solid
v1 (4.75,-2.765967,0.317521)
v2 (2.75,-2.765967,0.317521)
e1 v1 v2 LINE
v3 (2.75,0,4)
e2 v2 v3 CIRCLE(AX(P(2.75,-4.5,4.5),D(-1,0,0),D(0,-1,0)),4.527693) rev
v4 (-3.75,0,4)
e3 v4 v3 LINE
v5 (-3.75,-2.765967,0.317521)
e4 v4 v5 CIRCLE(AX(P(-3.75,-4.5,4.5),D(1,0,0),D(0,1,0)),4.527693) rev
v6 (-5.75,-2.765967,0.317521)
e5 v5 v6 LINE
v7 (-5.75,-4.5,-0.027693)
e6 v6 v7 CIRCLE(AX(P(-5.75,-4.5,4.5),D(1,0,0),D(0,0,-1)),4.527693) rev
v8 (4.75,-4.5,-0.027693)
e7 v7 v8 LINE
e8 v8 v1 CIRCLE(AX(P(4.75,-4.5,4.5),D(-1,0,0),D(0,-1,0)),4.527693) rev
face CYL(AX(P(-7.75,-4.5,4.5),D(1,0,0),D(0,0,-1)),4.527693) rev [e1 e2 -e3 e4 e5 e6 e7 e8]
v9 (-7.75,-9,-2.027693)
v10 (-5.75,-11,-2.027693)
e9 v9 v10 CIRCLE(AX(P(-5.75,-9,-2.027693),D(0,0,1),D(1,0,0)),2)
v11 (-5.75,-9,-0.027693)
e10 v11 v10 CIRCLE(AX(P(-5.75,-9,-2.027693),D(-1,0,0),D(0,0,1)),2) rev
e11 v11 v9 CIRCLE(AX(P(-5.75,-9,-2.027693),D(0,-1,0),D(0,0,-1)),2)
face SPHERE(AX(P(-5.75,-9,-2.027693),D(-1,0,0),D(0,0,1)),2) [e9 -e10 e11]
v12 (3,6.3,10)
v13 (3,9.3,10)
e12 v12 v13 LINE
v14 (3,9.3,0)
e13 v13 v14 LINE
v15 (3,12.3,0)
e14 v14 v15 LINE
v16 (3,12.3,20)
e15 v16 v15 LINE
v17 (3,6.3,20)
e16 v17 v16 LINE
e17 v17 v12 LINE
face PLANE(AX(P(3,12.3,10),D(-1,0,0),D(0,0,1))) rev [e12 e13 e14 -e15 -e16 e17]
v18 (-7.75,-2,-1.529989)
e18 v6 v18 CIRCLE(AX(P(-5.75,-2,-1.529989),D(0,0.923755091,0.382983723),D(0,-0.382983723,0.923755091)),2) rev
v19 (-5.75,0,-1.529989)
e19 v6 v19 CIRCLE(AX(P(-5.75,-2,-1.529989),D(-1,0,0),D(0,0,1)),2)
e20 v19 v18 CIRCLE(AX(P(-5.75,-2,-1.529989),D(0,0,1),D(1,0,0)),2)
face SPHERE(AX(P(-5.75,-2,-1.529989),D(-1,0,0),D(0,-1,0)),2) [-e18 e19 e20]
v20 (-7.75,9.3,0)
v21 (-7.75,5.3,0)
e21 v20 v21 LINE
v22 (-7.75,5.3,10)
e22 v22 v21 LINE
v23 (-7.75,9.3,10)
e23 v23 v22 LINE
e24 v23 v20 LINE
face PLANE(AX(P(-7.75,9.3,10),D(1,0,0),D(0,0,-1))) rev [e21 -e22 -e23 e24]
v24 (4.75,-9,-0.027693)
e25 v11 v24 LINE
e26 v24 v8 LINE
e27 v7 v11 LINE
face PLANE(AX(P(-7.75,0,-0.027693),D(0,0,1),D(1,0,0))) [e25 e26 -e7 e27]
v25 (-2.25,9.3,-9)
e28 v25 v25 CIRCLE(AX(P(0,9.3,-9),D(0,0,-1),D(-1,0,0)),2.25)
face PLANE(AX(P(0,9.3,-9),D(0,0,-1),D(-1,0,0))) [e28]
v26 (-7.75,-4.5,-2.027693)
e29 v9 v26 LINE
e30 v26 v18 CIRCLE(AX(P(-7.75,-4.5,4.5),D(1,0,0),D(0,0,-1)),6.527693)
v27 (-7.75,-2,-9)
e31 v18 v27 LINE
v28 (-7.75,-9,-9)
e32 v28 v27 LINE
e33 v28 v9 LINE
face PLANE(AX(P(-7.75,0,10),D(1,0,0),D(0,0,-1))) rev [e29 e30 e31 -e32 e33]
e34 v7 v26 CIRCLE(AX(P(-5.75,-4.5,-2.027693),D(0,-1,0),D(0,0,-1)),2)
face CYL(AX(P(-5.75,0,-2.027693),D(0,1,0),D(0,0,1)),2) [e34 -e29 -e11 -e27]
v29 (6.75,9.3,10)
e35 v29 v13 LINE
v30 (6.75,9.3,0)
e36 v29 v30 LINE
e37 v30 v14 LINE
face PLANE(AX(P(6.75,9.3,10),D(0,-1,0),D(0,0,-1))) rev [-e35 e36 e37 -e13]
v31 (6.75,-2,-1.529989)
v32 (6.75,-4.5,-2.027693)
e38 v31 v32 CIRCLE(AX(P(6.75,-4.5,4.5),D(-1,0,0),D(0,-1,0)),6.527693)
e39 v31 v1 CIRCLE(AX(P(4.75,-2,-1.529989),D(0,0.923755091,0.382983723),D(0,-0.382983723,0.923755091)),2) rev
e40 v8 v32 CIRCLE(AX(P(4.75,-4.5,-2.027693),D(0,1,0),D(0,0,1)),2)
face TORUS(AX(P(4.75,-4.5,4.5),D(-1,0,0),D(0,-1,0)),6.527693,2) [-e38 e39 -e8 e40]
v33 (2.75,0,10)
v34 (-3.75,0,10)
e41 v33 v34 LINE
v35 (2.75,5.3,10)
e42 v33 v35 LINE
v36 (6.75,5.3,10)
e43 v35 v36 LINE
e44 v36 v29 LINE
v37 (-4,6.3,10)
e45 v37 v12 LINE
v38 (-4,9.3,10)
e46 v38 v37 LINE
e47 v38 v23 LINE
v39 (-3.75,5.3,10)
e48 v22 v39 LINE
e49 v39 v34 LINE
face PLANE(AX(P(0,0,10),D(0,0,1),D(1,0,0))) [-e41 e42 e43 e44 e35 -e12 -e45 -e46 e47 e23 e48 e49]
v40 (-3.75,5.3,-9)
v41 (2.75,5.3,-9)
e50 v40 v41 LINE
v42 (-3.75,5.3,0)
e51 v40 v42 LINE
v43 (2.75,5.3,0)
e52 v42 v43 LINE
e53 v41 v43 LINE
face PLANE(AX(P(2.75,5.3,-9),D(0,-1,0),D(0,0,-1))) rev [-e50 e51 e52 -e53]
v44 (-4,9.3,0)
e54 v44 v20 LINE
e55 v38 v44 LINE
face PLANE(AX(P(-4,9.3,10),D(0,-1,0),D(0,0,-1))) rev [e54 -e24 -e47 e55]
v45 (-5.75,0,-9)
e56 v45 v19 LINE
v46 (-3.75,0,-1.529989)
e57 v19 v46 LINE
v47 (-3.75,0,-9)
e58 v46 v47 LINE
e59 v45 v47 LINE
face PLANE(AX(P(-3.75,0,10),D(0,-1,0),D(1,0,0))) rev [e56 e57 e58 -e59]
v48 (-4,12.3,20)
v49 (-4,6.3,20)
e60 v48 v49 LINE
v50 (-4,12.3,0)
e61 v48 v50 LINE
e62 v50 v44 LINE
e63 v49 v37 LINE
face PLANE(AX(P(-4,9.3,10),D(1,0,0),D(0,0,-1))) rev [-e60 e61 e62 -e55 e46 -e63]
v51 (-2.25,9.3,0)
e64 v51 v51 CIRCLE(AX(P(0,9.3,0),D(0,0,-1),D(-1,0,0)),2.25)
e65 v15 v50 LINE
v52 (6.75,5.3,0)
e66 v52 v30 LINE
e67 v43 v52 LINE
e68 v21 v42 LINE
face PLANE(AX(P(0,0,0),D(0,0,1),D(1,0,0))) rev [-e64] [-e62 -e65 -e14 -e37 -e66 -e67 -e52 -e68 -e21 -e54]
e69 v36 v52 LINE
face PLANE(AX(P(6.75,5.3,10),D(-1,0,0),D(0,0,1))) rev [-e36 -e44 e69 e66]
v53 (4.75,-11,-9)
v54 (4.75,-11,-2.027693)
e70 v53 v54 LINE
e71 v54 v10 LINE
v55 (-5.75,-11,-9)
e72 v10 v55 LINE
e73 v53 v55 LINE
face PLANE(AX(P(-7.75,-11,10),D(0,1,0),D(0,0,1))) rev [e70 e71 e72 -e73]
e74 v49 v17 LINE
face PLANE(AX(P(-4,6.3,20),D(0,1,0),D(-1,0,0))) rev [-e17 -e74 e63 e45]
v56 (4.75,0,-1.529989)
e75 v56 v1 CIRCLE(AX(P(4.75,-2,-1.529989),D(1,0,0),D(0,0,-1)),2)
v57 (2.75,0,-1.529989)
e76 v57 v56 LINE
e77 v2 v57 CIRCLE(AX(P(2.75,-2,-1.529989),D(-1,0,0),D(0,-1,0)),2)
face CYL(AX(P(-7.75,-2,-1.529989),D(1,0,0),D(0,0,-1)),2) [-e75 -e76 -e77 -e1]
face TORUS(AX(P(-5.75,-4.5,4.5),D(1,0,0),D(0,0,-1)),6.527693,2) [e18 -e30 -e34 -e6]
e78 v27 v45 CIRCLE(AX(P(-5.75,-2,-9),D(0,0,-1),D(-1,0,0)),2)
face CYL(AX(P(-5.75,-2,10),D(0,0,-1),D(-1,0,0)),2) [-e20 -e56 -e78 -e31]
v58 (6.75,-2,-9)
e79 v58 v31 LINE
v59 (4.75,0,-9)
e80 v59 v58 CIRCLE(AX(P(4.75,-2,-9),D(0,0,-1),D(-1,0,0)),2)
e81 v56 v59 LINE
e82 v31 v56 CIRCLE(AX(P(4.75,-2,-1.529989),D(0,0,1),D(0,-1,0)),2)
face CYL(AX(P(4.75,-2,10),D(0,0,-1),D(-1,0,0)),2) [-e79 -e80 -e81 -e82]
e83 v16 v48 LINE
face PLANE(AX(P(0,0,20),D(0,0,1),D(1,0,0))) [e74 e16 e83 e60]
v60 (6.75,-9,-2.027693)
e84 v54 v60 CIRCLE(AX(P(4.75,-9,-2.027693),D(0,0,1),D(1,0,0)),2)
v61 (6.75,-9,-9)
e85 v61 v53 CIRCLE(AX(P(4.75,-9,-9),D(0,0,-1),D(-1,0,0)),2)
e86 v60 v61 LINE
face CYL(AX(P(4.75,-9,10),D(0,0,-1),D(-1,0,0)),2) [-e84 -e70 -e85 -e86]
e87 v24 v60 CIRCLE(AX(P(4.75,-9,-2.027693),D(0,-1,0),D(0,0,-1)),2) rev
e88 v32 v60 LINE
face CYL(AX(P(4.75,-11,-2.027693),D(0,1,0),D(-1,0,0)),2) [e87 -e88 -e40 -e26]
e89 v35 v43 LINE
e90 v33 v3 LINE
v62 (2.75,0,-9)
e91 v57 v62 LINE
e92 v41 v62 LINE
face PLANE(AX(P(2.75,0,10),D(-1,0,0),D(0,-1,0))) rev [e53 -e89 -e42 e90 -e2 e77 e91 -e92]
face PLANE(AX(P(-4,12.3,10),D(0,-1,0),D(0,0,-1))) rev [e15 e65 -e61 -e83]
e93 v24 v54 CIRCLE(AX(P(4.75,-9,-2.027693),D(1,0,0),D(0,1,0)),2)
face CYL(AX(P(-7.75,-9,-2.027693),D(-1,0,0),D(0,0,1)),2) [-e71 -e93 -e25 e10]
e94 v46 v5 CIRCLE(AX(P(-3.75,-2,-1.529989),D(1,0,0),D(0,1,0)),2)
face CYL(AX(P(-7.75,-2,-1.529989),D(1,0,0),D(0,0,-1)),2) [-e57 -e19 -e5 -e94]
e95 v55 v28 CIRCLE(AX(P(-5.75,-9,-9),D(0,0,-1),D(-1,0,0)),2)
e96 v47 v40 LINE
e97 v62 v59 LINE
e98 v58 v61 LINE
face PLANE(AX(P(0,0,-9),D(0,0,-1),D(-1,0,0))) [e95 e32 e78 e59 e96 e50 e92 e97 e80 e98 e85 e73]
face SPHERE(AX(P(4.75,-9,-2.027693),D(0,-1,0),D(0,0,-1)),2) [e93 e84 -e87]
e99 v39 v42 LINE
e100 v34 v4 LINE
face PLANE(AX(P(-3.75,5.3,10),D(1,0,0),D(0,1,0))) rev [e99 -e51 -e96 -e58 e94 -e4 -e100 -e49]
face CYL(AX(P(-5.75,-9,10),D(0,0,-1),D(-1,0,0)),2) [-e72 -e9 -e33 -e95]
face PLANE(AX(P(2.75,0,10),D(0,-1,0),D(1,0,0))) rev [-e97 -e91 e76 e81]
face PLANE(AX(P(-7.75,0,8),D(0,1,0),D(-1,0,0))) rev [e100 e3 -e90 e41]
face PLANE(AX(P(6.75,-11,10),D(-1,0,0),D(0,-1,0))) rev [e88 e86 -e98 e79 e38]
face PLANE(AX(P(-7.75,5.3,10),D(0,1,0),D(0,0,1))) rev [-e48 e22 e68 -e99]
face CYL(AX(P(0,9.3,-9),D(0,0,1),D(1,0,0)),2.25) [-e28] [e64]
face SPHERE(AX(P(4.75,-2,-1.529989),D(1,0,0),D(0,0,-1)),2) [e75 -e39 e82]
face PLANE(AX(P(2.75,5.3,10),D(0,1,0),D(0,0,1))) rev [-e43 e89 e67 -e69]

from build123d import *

# Parameters (mm, degrees)
BOSS_EXTRUDE1_DEPTH = 10
SKETCH3_W           = 14.5
SKETCH3_H           = 11
CUT_EXTRUDE2_DEPTH  = 2
BOSS_EXTRUDE2_DEPTH = 10
SKETCH2_R           = 2.25
BOSS_EXTRUDE4_DEPTH = 9
CUT_EXTRUDE5_DEPTH  = 28.596014205
FILLET1_R           = 2


with BuildPart() as part:
    # Sketch1 → Boss-Extrude1 (new body)
    with BuildSketch(Plane.XY):
        Polygon((2.75, 0), (2.75, 5.3), (6.75, 5.3), (6.75, 9.3), (3, 9.3), (3, 12.3), (-4, 12.3), (-4, 9.3), (-7.75, 9.3), (-7.75, 5.3), (-3.75, 5.3), (-3.75, 0), (-7.75, 0), (-7.75, -11), (6.75, -11), (6.75, 0), align=None)
    extrude(amount=BOSS_EXTRUDE1_DEPTH)

    # Sketch3 → Cut-Extrude2 (cut)
    with BuildSketch(Plane.XY.offset(10)):
        with Locations((-0.5, -5.5)):
            Rectangle(SKETCH3_W, SKETCH3_H)
    extrude(amount=-CUT_EXTRUDE2_DEPTH, mode=Mode.SUBTRACT)

    # Sketch4 → Boss-Extrude2 (add)
    with BuildSketch(Plane.XY.offset(10)):
        Polygon((3, 9.3), (3, 12.3), (-4, 12.3), (-4, 9.3), (-4, 6.3), (3, 6.3), align=None)
    extrude(amount=BOSS_EXTRUDE2_DEPTH)

    # Sketch2 → Boss-Extrude4 (add)
    with BuildSketch(Plane(origin=(0, 0, 0), x_dir=(-1, 0, 0), z_dir=(0, 0, -1))):
        with Locations((0, 9.3)):
            Circle(SKETCH2_R)
        Polygon((-2.75, 0), (-2.75, 5.3), (3.75, 5.3), (3.75, 0), (7.75, 0), (7.75, -11), (-6.75, -11), (-6.75, 0), align=None)
    extrude(amount=BOSS_EXTRUDE4_DEPTH)

    # Sketch6 → Cut-Extrude5 (cut, through all)
    with BuildSketch(Plane(origin=(6.75, 0, 0), x_dir=(0, 0, -1), z_dir=(1, 0, 0))):
        with BuildLine():
            Line((-4, 0), (-8, 0))
            Line((-8, 0), (-8, -11))
            Line((-8, -11), (0.027692569, -11))
            Line((0.027692569, -11), (0.027692569, -4.5))
            ThreePointArc((0.027692569, -4.5), (-1.12628941, -1.480384651), (-4, 0))
        make_face()
    extrude(amount=-CUT_EXTRUDE5_DEPTH, mode=Mode.SUBTRACT)

    # Fillet1
    fillet1_edges = [part.edges().sort_by_distance(p)[0] for p in [
        (6.75, 0, -2.5),
        (6.75, -11, -4.513846285),
        (-7.75, -11, -4.513846285),
        (-7.75, 0, -2.5),
        (6.75, -1.480384651, 1.12628941),
        (-5.75, 0, 4),
        (4.75, 0, 4),
        (6.75, -7.75, -0.027692569),
        (-0.5, -11, -0.027692569),
        (-7.75, -1.480384651, 1.12628941),
        (-7.75, -7.75, -0.027692569),
    ]]
    fillet(fillet1_edges, radius=FILLET1_R)


solid = part.part
